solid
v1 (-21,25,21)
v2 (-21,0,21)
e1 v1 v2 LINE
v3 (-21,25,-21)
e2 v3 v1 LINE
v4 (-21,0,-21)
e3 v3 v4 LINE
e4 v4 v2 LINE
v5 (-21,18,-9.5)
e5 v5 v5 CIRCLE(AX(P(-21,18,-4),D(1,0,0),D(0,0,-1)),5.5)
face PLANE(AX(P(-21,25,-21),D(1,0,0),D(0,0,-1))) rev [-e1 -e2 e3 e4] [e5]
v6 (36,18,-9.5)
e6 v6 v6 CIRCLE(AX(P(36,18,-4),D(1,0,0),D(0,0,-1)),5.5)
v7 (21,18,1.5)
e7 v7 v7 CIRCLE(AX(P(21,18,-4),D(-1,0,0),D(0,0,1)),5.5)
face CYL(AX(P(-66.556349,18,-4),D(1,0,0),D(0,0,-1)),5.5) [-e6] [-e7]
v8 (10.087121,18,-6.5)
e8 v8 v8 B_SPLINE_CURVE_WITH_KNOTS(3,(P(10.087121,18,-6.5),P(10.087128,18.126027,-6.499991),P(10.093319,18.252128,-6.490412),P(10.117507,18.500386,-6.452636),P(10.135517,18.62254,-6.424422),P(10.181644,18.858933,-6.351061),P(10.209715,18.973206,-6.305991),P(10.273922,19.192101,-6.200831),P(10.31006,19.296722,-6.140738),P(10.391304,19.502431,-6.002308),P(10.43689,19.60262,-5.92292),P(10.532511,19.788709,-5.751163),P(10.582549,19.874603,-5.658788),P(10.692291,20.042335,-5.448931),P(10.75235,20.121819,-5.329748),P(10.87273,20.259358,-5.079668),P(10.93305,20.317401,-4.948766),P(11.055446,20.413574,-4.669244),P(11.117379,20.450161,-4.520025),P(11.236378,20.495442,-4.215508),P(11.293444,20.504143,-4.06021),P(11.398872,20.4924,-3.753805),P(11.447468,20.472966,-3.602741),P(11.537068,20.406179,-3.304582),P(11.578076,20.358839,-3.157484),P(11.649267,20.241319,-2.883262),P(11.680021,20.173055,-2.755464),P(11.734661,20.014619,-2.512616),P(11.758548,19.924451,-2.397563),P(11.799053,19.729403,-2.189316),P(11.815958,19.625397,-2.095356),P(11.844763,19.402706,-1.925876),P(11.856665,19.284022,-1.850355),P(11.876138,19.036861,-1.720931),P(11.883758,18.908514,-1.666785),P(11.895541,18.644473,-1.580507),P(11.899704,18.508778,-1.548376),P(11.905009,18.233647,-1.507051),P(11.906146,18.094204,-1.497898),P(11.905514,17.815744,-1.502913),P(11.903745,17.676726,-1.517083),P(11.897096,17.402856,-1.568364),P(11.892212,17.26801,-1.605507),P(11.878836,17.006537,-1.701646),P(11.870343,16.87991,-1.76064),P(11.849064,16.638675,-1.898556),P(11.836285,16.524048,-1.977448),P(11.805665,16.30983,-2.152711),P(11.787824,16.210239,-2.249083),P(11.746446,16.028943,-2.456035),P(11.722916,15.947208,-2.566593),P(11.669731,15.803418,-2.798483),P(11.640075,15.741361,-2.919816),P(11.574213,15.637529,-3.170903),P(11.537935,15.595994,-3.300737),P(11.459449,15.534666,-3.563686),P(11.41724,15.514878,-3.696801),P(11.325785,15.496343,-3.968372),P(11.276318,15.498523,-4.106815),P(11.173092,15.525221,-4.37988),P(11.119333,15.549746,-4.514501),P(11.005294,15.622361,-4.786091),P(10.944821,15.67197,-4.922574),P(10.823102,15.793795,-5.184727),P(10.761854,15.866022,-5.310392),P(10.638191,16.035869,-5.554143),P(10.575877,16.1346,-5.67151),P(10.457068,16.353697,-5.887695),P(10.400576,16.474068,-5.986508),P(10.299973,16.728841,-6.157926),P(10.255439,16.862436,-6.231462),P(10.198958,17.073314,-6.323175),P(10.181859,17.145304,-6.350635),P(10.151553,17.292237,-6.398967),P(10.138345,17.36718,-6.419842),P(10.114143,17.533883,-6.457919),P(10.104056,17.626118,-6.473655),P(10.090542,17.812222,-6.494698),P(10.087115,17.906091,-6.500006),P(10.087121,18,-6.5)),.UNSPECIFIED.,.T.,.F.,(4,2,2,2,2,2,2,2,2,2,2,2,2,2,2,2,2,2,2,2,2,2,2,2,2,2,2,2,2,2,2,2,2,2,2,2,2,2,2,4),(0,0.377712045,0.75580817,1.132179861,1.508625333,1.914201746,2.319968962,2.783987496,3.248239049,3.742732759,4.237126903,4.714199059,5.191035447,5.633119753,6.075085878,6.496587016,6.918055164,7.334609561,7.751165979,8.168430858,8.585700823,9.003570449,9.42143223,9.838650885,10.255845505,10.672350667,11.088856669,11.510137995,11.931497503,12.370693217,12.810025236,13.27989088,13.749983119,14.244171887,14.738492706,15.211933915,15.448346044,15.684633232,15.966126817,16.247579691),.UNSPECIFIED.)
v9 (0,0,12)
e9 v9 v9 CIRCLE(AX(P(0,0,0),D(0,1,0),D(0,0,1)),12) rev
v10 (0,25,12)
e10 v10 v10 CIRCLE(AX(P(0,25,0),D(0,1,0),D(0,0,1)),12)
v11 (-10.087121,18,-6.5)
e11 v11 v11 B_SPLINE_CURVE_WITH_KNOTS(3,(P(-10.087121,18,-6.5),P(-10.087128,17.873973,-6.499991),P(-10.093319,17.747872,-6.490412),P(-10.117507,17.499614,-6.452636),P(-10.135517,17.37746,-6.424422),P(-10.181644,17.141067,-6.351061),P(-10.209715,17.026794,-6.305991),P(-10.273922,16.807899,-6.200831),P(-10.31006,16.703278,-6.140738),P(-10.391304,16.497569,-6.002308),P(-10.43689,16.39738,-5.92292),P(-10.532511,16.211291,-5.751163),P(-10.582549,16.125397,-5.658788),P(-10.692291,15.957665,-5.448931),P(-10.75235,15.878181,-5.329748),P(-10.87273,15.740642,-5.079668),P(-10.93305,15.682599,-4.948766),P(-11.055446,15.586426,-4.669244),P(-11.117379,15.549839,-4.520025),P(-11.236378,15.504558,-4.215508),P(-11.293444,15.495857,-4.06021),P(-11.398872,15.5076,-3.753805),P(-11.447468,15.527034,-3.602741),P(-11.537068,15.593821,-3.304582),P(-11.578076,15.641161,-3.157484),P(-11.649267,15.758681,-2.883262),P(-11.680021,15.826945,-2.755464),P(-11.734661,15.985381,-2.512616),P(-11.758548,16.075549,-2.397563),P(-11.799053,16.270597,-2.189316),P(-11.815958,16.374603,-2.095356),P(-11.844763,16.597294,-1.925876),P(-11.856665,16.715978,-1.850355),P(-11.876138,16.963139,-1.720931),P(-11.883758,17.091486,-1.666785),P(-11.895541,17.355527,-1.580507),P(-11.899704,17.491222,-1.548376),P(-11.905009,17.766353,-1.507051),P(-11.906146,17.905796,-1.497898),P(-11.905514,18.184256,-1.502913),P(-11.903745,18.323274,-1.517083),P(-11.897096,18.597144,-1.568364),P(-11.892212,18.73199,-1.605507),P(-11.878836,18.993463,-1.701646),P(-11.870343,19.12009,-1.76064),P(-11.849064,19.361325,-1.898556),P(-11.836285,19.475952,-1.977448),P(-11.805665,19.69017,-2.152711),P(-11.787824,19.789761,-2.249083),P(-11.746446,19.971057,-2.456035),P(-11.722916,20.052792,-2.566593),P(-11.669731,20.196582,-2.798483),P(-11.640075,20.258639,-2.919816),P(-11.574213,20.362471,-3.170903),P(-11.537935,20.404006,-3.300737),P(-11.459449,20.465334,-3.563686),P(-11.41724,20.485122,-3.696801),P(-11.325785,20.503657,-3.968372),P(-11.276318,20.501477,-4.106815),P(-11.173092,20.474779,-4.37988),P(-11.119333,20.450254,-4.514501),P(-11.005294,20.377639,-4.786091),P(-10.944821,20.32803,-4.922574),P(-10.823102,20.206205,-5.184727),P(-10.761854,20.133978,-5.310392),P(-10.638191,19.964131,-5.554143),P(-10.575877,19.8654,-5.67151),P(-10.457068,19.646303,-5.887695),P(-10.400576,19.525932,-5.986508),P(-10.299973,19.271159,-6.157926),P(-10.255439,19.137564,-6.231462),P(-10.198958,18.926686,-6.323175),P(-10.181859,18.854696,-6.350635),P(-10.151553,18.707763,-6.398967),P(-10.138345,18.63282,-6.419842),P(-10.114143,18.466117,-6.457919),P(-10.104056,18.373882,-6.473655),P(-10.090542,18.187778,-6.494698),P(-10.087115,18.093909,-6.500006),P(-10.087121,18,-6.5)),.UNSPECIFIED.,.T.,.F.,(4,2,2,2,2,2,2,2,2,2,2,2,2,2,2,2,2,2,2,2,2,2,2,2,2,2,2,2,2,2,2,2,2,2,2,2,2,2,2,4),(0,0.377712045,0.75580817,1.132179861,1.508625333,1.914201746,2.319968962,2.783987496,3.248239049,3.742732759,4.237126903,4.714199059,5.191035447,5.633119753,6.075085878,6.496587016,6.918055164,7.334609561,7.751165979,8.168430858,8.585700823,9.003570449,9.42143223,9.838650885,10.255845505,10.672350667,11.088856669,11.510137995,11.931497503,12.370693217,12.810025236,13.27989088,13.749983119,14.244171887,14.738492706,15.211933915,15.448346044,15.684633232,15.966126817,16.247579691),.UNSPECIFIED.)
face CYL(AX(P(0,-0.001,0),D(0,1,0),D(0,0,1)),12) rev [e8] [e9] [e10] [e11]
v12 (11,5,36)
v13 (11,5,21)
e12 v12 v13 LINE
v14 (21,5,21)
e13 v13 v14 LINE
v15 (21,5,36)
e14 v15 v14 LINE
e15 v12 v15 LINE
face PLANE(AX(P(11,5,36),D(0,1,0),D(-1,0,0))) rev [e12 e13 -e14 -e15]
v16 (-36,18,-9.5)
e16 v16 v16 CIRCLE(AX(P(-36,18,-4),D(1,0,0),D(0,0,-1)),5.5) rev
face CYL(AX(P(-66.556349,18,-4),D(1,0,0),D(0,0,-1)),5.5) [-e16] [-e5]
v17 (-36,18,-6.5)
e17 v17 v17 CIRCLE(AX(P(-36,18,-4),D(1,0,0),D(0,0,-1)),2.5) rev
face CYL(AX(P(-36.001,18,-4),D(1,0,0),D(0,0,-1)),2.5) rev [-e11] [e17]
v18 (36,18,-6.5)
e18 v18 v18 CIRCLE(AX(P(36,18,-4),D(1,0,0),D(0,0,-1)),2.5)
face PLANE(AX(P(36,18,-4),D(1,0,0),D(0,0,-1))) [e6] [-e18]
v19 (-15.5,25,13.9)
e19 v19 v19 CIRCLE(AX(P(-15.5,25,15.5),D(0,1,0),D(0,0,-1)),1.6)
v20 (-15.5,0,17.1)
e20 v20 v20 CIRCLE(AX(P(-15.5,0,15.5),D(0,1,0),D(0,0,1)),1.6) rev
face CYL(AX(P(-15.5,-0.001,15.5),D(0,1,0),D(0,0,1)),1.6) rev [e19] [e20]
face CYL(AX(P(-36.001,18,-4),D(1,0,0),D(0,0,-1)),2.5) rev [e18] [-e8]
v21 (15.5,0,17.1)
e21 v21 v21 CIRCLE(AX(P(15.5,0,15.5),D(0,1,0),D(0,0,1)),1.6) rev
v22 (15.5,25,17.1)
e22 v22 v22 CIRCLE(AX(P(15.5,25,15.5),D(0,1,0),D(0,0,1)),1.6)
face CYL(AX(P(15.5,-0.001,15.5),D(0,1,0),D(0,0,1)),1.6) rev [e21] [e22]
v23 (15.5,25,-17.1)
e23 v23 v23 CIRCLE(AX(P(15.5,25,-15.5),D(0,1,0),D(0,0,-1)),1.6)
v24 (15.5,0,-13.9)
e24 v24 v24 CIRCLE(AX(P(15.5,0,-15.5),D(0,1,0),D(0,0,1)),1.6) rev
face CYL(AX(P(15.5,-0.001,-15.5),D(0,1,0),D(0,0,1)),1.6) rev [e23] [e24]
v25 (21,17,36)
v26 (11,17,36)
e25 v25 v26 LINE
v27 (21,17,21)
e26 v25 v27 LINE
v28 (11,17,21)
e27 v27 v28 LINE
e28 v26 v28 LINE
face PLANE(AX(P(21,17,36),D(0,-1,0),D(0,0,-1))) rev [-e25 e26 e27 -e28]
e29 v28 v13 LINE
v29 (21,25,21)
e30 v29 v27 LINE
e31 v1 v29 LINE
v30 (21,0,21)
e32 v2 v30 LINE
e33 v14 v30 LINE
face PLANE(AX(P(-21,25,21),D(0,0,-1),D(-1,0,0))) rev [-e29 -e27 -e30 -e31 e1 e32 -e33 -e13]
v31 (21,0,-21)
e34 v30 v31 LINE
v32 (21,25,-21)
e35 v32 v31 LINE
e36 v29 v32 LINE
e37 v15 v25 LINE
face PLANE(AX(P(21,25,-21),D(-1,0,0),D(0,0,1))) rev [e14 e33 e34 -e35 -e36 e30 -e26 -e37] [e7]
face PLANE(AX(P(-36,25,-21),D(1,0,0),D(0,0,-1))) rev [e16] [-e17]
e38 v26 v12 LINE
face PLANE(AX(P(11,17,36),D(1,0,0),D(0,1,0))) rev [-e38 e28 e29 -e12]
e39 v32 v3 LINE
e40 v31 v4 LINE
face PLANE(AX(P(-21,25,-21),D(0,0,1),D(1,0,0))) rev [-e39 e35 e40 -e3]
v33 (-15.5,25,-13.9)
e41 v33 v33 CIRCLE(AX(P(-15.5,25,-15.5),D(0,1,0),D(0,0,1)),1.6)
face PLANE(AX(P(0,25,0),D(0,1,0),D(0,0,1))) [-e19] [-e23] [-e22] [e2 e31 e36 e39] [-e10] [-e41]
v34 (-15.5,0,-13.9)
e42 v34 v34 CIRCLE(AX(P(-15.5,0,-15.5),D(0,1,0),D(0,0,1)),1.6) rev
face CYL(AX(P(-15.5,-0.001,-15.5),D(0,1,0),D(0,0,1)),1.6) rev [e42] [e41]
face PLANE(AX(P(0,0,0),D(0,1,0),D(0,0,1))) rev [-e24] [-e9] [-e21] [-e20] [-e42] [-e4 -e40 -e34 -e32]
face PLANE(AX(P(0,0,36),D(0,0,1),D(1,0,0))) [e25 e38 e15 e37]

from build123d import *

# Parameters (mm, degrees)
SKETCH_1_W           = 42
SKETCH_1_H           = 42
EXTRUDE_1_DEPTH      = 25
SKETCH_2_W           = 10
SKETCH_2_H           = 12
EXTRUDE_2_DEPTH      = 15
SKETCH_3_R           = 5.5
EXTRUDE_3_DEPTH      = 15
EXTRUDE_3_DEPTH_BACK = 57
CUT_EXTRUDE_1_REACH  = 74
SKETCH_4_R           = 2.5
CUT_EXTRUDE_2_REACH  = 27
SKETCH_5_R           = 12
SKETCH_5_R_2         = 1.6


with BuildPart() as part:
    # 草图1 → 凸台-拉伸1 (new body)
    with BuildSketch(Plane(origin=(0, 0, 0), x_dir=(1, 0, 0), z_dir=(0, 1, 0))):
        Rectangle(SKETCH_1_W, SKETCH_1_H)
    extrude(amount=EXTRUDE_1_DEPTH)

    # 草图2 → 凸台-拉伸2 (add)
    with BuildSketch(Plane.XY.offset(21)):
        with Locations((16, 11)):
            Rectangle(SKETCH_2_W, SKETCH_2_H)
    extrude(amount=EXTRUDE_2_DEPTH)

    # 草图3 → 凸台-拉伸3 (add, two sides)
    with BuildSketch(Plane(origin=(21, 0, 0), x_dir=(0, 0, -1), z_dir=(1, 0, 0))) as extrude_3_sk:
        with Locations((4, 18)):
            Circle(SKETCH_3_R)
    extrude(amount=EXTRUDE_3_DEPTH)
    extrude(extrude_3_sk.sketch, amount=-EXTRUDE_3_DEPTH_BACK)

    # 草图4 → 切除-拉伸1 (cut, up to next)
    with BuildSketch(Plane(origin=(36, 0, 0), x_dir=(0, 0, -1), z_dir=(1, 0, 0)), mode=Mode.PRIVATE) as cut_extrude_1_sk1:
        with Locations((4, 18)):
            Circle(SKETCH_4_R)
    cut_extrude_1_tool1 = extrude(cut_extrude_1_sk1.sketch, amount=-CUT_EXTRUDE_1_REACH, mode=Mode.PRIVATE) & part.part
    add(cut_extrude_1_tool1.solids().sort_by_distance((36, 18, -4))[0], mode=Mode.SUBTRACT)

    # 草图5 → 切除-拉伸2 (cut, up to next)
    with BuildSketch(Plane(origin=(0, 25, 0), x_dir=(1, 0, 0), z_dir=(0, 1, 0)), mode=Mode.PRIVATE) as cut_extrude_2_sk1:
        Circle(SKETCH_5_R)
    cut_extrude_2_tool1 = extrude(cut_extrude_2_sk1.sketch, amount=-CUT_EXTRUDE_2_REACH, mode=Mode.PRIVATE) & part.part
    add(cut_extrude_2_tool1.solids().sort_by_distance((0, 25, 0))[0], mode=Mode.SUBTRACT)
    # 草图5 → 切除-拉伸2 (cut, up to next)
    with BuildSketch(Plane(origin=(0, 25, 0), x_dir=(1, 0, 0), z_dir=(0, 1, 0)), mode=Mode.PRIVATE) as cut_extrude_2_sk2:
        with Locations((-15.5, 15.5)):
            Circle(SKETCH_5_R_2)
    cut_extrude_2_tool2 = extrude(cut_extrude_2_sk2.sketch, amount=-CUT_EXTRUDE_2_REACH, mode=Mode.PRIVATE) & part.part
    add(cut_extrude_2_tool2.solids().sort_by_distance((-15.5, 25, -15.5))[0], mode=Mode.SUBTRACT)
    # 草图5 → 切除-拉伸2 (cut, up to next)
    with BuildSketch(Plane(origin=(0, 25, 0), x_dir=(1, 0, 0), z_dir=(0, 1, 0)), mode=Mode.PRIVATE) as cut_extrude_2_sk3:
        with Locations((15.5, 15.5)):
            Circle(SKETCH_5_R_2)
    cut_extrude_2_tool3 = extrude(cut_extrude_2_sk3.sketch, amount=-CUT_EXTRUDE_2_REACH, mode=Mode.PRIVATE) & part.part
    add(cut_extrude_2_tool3.solids().sort_by_distance((15.5, 25, -15.5))[0], mode=Mode.SUBTRACT)
    # 草图5 → 切除-拉伸2 (cut, up to next)
    with BuildSketch(Plane(origin=(0, 25, 0), x_dir=(1, 0, 0), z_dir=(0, 1, 0)), mode=Mode.PRIVATE) as cut_extrude_2_sk4:
        with Locations((15.5, -15.5)):
            Circle(SKETCH_5_R_2)
    cut_extrude_2_tool4 = extrude(cut_extrude_2_sk4.sketch, amount=-CUT_EXTRUDE_2_REACH, mode=Mode.PRIVATE) & part.part
    add(cut_extrude_2_tool4.solids().sort_by_distance((15.5, 25, 15.5))[0], mode=Mode.SUBTRACT)
    # 草图5 → 切除-拉伸2 (cut, up to next)
    with BuildSketch(Plane(origin=(0, 25, 0), x_dir=(1, 0, 0), z_dir=(0, 1, 0)), mode=Mode.PRIVATE) as cut_extrude_2_sk5:
        with Locations((-15.5, -15.5)):
            Circle(SKETCH_5_R_2)
    cut_extrude_2_tool5 = extrude(cut_extrude_2_sk5.sketch, amount=-CUT_EXTRUDE_2_REACH, mode=Mode.PRIVATE) & part.part
    add(cut_extrude_2_tool5.solids().sort_by_distance((-15.5, 25, 15.5))[0], mode=Mode.SUBTRACT)


solid = part.part
